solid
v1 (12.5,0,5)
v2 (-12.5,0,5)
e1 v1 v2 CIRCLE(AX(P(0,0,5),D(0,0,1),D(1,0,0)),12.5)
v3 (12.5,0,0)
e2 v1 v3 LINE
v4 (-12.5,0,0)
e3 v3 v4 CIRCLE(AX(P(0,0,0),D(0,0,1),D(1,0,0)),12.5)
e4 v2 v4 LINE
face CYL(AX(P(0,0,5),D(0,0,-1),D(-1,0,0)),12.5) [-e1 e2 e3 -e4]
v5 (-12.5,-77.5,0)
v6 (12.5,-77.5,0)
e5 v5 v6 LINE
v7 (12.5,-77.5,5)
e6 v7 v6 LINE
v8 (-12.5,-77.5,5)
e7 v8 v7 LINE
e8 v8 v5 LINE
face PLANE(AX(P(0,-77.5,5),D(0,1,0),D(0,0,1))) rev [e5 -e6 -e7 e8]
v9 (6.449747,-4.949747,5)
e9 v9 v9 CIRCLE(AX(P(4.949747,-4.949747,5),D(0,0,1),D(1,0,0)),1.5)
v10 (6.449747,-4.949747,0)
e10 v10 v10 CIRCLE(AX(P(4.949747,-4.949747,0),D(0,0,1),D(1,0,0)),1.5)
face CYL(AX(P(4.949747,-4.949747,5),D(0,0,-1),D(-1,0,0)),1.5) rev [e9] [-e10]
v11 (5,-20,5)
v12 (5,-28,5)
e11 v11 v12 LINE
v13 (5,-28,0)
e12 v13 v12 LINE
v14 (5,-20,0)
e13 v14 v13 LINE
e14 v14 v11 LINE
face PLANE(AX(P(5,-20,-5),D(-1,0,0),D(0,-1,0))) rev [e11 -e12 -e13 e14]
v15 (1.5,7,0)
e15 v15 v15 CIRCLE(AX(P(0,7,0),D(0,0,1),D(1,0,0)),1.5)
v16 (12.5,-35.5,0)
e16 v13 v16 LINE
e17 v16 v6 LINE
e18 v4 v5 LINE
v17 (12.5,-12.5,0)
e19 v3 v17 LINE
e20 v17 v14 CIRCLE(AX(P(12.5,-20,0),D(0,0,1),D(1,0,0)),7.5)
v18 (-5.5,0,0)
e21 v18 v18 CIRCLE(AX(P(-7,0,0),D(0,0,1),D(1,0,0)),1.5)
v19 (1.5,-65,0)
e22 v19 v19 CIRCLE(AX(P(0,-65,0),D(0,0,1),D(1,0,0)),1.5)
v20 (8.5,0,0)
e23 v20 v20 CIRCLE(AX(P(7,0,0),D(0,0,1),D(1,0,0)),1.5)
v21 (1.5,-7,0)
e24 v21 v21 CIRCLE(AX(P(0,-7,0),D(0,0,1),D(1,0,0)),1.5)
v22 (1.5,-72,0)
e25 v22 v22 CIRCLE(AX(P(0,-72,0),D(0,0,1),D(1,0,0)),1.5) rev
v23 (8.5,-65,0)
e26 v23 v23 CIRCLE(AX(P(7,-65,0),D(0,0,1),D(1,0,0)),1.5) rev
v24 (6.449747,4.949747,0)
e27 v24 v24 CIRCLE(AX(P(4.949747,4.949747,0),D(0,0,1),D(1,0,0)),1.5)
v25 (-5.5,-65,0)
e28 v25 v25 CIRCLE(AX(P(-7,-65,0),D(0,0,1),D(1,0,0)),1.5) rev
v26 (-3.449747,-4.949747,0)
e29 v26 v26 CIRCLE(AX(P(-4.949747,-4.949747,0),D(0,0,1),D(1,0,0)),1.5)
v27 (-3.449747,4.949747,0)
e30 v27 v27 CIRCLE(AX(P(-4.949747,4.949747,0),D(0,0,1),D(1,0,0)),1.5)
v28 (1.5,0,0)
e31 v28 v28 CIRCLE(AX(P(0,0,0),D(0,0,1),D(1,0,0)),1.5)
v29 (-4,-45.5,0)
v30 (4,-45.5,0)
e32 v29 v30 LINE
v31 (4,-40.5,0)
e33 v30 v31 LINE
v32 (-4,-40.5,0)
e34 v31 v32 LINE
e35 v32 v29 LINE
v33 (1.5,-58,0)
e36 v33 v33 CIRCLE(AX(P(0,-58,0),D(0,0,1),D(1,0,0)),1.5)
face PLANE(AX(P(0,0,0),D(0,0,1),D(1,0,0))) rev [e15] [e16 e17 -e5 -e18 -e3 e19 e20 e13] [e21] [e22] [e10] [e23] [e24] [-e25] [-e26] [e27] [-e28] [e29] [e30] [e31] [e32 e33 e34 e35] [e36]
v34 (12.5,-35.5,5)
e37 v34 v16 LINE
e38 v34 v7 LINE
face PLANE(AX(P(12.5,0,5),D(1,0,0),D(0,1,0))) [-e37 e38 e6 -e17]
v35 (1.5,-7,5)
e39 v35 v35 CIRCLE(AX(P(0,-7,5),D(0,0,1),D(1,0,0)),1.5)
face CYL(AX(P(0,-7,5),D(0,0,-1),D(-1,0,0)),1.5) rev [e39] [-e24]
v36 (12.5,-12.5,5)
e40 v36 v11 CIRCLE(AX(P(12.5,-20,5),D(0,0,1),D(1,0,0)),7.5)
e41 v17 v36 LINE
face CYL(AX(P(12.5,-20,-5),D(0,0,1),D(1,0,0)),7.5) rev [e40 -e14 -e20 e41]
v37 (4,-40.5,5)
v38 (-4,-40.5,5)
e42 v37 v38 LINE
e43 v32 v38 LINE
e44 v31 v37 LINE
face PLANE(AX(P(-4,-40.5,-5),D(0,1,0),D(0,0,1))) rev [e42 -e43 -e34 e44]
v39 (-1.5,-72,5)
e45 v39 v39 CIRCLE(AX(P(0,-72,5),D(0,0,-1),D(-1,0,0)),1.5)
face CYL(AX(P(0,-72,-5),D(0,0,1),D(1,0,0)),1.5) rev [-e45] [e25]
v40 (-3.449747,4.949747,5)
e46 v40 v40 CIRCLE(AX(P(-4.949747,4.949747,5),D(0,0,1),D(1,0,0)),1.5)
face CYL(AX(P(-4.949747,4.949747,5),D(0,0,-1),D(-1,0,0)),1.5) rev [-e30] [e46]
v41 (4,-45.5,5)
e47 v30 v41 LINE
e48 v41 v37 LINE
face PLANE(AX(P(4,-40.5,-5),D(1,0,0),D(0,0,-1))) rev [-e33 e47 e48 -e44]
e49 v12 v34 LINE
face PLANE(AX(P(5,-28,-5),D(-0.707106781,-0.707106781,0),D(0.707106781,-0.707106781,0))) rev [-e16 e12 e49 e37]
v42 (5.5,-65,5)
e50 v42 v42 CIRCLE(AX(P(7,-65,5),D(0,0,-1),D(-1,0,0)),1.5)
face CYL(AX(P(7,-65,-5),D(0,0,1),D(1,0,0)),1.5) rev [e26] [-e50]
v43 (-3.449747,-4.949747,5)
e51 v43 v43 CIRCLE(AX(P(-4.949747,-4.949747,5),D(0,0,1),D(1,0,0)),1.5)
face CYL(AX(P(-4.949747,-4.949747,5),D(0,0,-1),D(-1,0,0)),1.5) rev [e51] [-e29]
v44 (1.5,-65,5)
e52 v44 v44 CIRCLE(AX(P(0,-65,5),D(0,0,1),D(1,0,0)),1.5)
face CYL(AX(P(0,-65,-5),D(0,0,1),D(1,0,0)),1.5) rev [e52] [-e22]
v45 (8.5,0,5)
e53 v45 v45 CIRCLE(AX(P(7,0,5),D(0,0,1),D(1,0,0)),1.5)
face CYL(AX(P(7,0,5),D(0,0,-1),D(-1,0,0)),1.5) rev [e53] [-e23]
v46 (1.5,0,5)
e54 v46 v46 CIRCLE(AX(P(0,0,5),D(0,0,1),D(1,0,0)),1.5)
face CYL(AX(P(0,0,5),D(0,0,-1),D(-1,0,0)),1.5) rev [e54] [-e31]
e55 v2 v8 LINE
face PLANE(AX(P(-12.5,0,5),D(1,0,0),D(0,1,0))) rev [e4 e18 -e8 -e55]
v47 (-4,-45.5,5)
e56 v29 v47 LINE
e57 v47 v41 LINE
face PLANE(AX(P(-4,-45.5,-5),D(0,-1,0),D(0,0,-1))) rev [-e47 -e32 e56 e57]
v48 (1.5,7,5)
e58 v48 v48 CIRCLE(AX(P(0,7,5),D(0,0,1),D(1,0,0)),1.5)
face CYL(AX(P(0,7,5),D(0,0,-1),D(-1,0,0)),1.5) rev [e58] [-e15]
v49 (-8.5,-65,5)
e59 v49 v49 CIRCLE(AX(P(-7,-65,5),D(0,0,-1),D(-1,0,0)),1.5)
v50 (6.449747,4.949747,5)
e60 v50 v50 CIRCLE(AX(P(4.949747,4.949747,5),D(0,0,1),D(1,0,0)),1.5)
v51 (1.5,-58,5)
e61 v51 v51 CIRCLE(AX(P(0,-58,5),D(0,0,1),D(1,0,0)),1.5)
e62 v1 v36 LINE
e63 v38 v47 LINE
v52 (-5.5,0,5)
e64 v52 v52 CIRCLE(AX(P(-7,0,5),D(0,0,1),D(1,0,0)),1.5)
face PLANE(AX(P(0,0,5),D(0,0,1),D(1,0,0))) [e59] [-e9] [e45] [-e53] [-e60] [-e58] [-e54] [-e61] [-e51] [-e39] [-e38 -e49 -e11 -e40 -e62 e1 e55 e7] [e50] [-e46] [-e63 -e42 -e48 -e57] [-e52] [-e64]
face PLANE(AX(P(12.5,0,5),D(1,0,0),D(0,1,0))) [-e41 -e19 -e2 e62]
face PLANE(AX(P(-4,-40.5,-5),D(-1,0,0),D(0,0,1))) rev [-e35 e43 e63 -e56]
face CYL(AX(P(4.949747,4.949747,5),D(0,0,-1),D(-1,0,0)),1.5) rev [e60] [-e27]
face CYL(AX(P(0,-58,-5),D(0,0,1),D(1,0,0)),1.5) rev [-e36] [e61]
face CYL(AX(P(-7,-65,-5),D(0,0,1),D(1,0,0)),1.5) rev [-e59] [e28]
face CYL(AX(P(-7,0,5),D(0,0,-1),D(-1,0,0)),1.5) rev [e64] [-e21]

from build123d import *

# Parameters (mm, degrees)
SKETCH1_R           = 1.5
BOSS_EXTRUDE1_DEPTH = 5
SKETCH2_W           = 8
SKETCH2_H           = 5
CUT_EXTRUDE1_DEPTH  = 10
SKETCH3_R           = 1.5
CUT_EXTRUDE2_DEPTH  = 10
CUT_EXTRUDE4_DEPTH  = 10


with BuildPart() as part:
    # Sketch1 → Boss-Extrude1 (new body)
    with BuildSketch(Plane.XY):
        with BuildLine():
            Line((-12.5, 0), (-12.5, -77.5))
            Line((-12.5, -77.5), (12.5, -77.5))
            Line((12.5, -77.5), (12.5, 0))
            ThreePointArc((12.5, 0), (0, 12.5), (-12.5, 0))
        make_face()
        Circle(SKETCH1_R, mode=Mode.SUBTRACT)
        with Locations((0, 7)):
            Circle(SKETCH1_R, mode=Mode.SUBTRACT)
        with Locations((4.949747468, 4.949747468)):
            Circle(SKETCH1_R, mode=Mode.SUBTRACT)
        with Locations((7, 0)):
            Circle(SKETCH1_R, mode=Mode.SUBTRACT)
        with Locations((4.949747468, -4.949747468)):
            Circle(SKETCH1_R, mode=Mode.SUBTRACT)
        with Locations((0, -7)):
            Circle(SKETCH1_R, mode=Mode.SUBTRACT)
        with Locations((-4.949747468, -4.949747468)):
            Circle(SKETCH1_R, mode=Mode.SUBTRACT)
        with Locations((-7, 0)):
            Circle(SKETCH1_R, mode=Mode.SUBTRACT)
        with Locations((-4.949747468, 4.949747468)):
            Circle(SKETCH1_R, mode=Mode.SUBTRACT)
    extrude(amount=BOSS_EXTRUDE1_DEPTH)

    # Sketch2 → Cut-Extrude1 (cut)
    with BuildSketch(Plane.XY.offset(5)):
        with Locations((0, -43)):
            Rectangle(SKETCH2_W, SKETCH2_H)
    extrude(amount=-CUT_EXTRUDE1_DEPTH, mode=Mode.SUBTRACT)

    # Sketch3 → Cut-Extrude2 (cut)
    with BuildSketch(Plane.XY.offset(5)):
        with Locations((0, -65)):
            Circle(SKETCH3_R)
        with Locations((0, -58)):
            Circle(SKETCH3_R)
        with Locations((-7, -65)):
            Circle(SKETCH3_R)
        with Locations((7, -65)):
            Circle(SKETCH3_R)
        with Locations((0, -72)):
            Circle(SKETCH3_R)
    extrude(amount=-CUT_EXTRUDE2_DEPTH, mode=Mode.SUBTRACT)

    # Sketch4 → Cut-Extrude4 (cut)
    with BuildSketch(Plane.XY.offset(5)):
        with BuildLine():
            Line((5, -20), (5, -28))
            Line((5, -28), (12.5, -35.5))
            Line((12.5, -35.5), (12.5, -27.5))
            ThreePointArc((12.5, -27.5), (17.803300859, -14.696699141), (5, -20))
        make_face()
    extrude(amount=-CUT_EXTRUDE4_DEPTH, mode=Mode.SUBTRACT)


solid = part.part
